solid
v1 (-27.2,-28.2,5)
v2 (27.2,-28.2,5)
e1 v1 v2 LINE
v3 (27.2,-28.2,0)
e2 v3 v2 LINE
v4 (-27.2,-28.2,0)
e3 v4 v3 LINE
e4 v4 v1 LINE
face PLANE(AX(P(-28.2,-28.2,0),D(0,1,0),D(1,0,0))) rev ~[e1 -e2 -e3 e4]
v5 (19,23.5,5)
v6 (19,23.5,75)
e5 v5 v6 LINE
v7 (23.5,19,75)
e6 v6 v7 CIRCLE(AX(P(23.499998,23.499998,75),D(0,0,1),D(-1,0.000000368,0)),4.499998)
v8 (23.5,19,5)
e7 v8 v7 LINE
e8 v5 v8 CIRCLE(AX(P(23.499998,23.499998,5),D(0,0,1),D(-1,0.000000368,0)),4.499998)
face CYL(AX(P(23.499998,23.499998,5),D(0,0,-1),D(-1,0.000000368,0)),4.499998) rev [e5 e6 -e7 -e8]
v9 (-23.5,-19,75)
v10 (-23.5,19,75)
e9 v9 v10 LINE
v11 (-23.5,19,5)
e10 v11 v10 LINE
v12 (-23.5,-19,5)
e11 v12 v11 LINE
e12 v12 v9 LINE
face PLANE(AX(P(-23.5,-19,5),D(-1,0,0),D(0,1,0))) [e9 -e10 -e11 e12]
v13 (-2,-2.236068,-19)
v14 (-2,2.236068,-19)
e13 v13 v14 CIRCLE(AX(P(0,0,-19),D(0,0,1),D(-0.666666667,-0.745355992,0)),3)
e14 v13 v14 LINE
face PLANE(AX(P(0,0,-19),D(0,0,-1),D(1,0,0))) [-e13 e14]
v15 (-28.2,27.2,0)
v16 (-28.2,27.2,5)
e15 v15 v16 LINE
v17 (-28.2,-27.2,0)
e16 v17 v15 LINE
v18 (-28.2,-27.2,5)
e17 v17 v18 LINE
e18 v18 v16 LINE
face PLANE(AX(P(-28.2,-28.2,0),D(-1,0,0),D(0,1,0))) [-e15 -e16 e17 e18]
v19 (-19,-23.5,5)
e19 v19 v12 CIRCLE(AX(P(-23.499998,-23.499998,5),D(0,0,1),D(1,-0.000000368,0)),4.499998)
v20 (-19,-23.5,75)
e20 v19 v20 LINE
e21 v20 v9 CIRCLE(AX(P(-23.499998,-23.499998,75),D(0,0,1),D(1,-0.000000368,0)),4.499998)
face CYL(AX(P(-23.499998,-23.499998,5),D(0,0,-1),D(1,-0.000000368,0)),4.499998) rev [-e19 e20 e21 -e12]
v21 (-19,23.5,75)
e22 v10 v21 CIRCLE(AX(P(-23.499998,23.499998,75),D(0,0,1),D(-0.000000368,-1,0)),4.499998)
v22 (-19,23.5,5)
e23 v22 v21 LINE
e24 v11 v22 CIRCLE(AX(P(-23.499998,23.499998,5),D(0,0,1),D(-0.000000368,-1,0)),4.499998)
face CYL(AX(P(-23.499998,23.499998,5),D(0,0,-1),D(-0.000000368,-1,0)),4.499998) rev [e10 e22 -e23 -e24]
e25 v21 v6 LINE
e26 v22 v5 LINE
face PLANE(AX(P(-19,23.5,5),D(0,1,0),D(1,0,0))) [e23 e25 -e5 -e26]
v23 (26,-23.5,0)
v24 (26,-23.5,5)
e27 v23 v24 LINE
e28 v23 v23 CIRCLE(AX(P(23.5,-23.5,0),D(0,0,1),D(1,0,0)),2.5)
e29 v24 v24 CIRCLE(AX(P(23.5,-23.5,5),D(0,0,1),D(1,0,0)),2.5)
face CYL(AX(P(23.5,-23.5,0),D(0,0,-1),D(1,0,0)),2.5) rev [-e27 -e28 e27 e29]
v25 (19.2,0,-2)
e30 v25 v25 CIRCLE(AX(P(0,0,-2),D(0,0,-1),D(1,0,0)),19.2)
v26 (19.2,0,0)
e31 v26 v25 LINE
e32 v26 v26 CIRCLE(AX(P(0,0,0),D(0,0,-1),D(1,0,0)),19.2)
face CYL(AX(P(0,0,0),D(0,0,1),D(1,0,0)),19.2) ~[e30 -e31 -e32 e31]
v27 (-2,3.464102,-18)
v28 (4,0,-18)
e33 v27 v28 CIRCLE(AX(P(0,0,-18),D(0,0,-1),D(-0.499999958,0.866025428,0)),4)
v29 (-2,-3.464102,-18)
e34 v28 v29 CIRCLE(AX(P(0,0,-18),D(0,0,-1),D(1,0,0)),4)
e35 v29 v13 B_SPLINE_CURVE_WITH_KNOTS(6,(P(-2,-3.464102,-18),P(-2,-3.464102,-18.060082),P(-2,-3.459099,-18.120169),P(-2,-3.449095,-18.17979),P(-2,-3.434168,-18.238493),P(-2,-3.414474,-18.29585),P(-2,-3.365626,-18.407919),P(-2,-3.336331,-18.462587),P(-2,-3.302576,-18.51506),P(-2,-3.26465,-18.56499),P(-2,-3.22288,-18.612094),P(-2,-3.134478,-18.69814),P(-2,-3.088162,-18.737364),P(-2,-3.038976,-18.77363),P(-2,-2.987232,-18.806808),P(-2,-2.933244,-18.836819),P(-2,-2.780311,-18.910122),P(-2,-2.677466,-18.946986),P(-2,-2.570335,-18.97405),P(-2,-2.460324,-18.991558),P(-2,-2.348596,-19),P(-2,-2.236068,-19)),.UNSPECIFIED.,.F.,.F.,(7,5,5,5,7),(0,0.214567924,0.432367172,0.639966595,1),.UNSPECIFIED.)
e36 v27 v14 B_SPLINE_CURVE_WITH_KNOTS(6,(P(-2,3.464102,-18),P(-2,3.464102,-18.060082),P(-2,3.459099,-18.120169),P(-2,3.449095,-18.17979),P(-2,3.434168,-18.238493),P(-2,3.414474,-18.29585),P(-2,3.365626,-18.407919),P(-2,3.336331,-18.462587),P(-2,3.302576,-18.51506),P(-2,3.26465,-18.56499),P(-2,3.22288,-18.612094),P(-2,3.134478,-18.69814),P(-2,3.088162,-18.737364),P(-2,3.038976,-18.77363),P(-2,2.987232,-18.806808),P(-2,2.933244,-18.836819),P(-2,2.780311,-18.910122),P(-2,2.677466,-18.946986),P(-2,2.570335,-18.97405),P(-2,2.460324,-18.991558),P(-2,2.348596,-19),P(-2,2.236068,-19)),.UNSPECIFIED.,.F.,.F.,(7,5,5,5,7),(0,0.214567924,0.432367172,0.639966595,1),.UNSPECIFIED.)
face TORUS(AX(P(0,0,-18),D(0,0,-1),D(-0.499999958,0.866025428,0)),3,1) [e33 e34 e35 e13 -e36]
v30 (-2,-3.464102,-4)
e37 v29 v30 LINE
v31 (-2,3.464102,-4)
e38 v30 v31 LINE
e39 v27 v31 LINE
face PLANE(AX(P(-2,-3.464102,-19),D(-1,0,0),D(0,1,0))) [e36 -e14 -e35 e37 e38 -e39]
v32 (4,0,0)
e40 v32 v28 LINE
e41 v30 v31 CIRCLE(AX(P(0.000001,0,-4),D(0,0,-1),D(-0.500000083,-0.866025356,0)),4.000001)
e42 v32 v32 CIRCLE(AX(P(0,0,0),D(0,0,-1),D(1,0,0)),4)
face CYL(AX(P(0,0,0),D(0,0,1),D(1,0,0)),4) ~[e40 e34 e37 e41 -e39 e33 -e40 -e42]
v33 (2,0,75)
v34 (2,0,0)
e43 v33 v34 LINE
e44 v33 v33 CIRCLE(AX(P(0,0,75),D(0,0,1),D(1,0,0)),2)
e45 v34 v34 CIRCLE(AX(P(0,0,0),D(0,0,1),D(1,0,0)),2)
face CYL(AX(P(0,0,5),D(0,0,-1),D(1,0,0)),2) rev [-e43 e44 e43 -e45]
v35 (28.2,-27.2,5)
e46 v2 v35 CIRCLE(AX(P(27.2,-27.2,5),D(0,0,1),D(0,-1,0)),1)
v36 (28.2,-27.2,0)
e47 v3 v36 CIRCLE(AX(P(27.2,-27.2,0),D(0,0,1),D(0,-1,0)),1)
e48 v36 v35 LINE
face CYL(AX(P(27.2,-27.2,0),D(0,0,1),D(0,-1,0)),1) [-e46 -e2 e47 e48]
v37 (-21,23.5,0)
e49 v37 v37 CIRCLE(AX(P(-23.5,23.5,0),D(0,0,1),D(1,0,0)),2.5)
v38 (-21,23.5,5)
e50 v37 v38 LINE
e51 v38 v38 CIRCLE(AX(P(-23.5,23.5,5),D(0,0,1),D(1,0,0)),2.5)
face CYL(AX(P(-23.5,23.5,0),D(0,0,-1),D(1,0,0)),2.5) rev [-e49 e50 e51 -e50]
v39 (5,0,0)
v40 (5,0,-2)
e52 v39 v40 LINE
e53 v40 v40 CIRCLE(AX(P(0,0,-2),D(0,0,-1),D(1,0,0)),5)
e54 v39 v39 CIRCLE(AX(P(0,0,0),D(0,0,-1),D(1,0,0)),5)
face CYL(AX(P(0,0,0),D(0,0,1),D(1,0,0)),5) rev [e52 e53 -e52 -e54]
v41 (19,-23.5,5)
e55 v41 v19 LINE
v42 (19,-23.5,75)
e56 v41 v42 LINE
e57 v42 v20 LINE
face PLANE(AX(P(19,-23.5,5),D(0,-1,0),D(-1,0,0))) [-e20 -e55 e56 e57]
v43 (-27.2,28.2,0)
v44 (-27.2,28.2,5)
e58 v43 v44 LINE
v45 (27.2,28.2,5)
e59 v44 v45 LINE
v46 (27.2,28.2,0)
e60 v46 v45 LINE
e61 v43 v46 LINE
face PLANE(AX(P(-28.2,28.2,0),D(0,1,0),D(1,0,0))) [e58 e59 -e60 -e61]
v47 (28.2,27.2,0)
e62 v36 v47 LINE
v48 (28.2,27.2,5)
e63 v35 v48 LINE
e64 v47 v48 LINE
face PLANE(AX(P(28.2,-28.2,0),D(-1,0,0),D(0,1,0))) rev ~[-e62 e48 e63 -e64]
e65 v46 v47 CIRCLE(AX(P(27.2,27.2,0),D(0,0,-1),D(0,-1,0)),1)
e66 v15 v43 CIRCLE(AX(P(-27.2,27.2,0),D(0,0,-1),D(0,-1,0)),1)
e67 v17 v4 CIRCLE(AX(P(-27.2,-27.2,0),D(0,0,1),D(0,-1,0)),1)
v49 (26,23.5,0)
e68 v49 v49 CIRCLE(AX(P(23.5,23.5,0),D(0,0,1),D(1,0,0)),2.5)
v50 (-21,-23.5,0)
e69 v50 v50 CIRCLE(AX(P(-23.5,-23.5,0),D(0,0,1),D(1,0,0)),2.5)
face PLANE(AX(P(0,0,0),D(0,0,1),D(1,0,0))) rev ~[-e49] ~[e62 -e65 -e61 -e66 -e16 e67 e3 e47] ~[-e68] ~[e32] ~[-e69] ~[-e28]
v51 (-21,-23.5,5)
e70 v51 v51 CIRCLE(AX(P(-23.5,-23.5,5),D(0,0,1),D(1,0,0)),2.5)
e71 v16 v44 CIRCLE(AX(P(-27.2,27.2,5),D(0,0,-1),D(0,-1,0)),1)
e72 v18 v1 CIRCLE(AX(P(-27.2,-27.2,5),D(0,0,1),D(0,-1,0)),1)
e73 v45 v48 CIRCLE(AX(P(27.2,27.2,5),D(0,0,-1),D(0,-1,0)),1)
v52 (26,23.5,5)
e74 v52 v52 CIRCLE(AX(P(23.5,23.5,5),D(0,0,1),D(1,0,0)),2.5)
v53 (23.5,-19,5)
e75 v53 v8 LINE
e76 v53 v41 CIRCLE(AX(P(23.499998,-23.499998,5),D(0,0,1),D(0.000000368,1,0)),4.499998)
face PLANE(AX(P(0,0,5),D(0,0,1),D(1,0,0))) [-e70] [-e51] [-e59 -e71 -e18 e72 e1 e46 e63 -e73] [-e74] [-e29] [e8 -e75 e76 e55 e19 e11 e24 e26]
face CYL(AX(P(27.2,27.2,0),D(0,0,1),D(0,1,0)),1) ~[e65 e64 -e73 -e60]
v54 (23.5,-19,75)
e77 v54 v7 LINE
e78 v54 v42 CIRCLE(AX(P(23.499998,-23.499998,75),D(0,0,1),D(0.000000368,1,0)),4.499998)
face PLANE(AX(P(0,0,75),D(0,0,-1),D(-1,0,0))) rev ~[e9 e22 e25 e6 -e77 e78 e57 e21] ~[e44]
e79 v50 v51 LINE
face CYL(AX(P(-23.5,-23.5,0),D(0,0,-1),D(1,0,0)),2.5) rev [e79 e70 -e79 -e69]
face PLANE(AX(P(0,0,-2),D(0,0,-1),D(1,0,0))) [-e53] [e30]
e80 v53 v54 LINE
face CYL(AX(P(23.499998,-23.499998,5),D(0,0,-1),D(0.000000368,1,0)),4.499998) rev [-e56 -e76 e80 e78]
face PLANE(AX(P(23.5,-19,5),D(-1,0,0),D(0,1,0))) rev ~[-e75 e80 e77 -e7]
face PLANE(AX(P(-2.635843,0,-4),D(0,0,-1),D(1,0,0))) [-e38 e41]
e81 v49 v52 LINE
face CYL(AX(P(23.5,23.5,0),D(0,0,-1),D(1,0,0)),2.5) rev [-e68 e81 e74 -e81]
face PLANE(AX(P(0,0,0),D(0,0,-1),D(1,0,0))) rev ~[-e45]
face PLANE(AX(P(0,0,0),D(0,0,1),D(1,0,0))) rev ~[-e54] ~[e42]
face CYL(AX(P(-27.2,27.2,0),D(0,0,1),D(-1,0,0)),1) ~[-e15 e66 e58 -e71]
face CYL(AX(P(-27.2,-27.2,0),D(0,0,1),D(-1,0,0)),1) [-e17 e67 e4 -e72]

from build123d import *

# Parameters (mm, degrees)
SKETCH_W      = 56.4
SKETCH_H      = 56.4
SKETCH_R      = 2.5
SKETCH_R_2    = 2
PAD_DEPTH     = 5
SKETCH001_R   = 2
PAD001_DEPTH  = 70
SKETCH002_R   = 19.2
SKETCH002_R_2 = 5
PAD002_DEPTH  = 2
SKETCH005_R   = 4
PAD003_DEPTH  = 19
POCKET_DEPTH  = 15
FILLET_R      = 1
FILLET001_R   = 1


with BuildPart() as part:
    # Sketch → Pad (new body)
    with BuildSketch(Plane.XY):
        Rectangle(SKETCH_W, SKETCH_H)
        with Locations((-23.5, 23.5)):
            Circle(SKETCH_R, mode=Mode.SUBTRACT)
        with Locations((23.5, 23.5)):
            Circle(SKETCH_R, mode=Mode.SUBTRACT)
        with Locations((-23.5, -23.5)):
            Circle(SKETCH_R, mode=Mode.SUBTRACT)
        with Locations((23.5, -23.5)):
            Circle(SKETCH_R, mode=Mode.SUBTRACT)
        Circle(SKETCH_R_2, mode=Mode.SUBTRACT)
    extrude(amount=PAD_DEPTH)

    # Sketch001 (on Face11 of Pad) → Pad001 (join)
    with BuildSketch(Plane.XY.offset(5)):
        with BuildLine():
            ThreePointArc((-19, -23.5), (-20.318019, -20.318019), (-23.5, -19))
            Line((-23.5, -19), (-23.5, 19))
            ThreePointArc((-23.5, 19), (-20.318019, 20.318019), (-19, 23.5))
            Line((-19, 23.5), (19, 23.5))
            ThreePointArc((19, 23.5), (20.318019, 20.318019), (23.5, 19))
            Line((23.5, -19), (23.5, 19))
            ThreePointArc((23.5, -19), (20.318019, -20.318019), (19, -23.5))
            Line((19, -23.5), (-19, -23.5))
        make_face()
        Circle(SKETCH001_R, mode=Mode.SUBTRACT)
    extrude(amount=PAD001_DEPTH)

    # Sketch002 (on Face4 of Pad001) → Pad002 (join)
    with BuildSketch(Plane(origin=(0, 0, 0), x_dir=(1, 0, 0), z_dir=(0, 0, -1))):
        Circle(SKETCH002_R)
        Circle(SKETCH002_R_2, mode=Mode.SUBTRACT)
    extrude(amount=PAD002_DEPTH)

    # Sketch005 (on Face24 of Pad002) → Pad003 (join)
    with BuildSketch(Plane(origin=(0, 0, 0), x_dir=(1, 0, 0), z_dir=(0, 0, -1))):
        Circle(SKETCH005_R)
    extrude(amount=PAD003_DEPTH)

    # Sketch004 → Pocket (cut)
    with BuildSketch(Plane(origin=(0, 0, -19), x_dir=(1, 0, 0), z_dir=(0, 0, -1))):
        with BuildLine():
            ThreePointArc((-2, 3.464102), (-4, 0), (-2, -3.464102))
            Line((-2, 3.464102), (-2, -3.464102))
        make_face()
    extrude(amount=-POCKET_DEPTH, mode=Mode.SUBTRACT)

    # Fillet
    fillet_edges = [part.edges().sort_by_distance(p)[0] for p in [
        (-28.2, 28.2, 2.5),
        (-28.2, -28.2, 2.5),
        (28.2, 28.2, 2.5),
        (28.2, -28.2, 2.5),
    ]]
    fillet(fillet_edges, radius=FILLET_R)

    # Fillet001
    fillet001_edges = [part.edges().sort_by_distance(p)[0] for p in [
        (2, 3.464102, -19),
    ]]
    fillet(fillet001_edges, radius=FILLET001_R)


solid = part.part
